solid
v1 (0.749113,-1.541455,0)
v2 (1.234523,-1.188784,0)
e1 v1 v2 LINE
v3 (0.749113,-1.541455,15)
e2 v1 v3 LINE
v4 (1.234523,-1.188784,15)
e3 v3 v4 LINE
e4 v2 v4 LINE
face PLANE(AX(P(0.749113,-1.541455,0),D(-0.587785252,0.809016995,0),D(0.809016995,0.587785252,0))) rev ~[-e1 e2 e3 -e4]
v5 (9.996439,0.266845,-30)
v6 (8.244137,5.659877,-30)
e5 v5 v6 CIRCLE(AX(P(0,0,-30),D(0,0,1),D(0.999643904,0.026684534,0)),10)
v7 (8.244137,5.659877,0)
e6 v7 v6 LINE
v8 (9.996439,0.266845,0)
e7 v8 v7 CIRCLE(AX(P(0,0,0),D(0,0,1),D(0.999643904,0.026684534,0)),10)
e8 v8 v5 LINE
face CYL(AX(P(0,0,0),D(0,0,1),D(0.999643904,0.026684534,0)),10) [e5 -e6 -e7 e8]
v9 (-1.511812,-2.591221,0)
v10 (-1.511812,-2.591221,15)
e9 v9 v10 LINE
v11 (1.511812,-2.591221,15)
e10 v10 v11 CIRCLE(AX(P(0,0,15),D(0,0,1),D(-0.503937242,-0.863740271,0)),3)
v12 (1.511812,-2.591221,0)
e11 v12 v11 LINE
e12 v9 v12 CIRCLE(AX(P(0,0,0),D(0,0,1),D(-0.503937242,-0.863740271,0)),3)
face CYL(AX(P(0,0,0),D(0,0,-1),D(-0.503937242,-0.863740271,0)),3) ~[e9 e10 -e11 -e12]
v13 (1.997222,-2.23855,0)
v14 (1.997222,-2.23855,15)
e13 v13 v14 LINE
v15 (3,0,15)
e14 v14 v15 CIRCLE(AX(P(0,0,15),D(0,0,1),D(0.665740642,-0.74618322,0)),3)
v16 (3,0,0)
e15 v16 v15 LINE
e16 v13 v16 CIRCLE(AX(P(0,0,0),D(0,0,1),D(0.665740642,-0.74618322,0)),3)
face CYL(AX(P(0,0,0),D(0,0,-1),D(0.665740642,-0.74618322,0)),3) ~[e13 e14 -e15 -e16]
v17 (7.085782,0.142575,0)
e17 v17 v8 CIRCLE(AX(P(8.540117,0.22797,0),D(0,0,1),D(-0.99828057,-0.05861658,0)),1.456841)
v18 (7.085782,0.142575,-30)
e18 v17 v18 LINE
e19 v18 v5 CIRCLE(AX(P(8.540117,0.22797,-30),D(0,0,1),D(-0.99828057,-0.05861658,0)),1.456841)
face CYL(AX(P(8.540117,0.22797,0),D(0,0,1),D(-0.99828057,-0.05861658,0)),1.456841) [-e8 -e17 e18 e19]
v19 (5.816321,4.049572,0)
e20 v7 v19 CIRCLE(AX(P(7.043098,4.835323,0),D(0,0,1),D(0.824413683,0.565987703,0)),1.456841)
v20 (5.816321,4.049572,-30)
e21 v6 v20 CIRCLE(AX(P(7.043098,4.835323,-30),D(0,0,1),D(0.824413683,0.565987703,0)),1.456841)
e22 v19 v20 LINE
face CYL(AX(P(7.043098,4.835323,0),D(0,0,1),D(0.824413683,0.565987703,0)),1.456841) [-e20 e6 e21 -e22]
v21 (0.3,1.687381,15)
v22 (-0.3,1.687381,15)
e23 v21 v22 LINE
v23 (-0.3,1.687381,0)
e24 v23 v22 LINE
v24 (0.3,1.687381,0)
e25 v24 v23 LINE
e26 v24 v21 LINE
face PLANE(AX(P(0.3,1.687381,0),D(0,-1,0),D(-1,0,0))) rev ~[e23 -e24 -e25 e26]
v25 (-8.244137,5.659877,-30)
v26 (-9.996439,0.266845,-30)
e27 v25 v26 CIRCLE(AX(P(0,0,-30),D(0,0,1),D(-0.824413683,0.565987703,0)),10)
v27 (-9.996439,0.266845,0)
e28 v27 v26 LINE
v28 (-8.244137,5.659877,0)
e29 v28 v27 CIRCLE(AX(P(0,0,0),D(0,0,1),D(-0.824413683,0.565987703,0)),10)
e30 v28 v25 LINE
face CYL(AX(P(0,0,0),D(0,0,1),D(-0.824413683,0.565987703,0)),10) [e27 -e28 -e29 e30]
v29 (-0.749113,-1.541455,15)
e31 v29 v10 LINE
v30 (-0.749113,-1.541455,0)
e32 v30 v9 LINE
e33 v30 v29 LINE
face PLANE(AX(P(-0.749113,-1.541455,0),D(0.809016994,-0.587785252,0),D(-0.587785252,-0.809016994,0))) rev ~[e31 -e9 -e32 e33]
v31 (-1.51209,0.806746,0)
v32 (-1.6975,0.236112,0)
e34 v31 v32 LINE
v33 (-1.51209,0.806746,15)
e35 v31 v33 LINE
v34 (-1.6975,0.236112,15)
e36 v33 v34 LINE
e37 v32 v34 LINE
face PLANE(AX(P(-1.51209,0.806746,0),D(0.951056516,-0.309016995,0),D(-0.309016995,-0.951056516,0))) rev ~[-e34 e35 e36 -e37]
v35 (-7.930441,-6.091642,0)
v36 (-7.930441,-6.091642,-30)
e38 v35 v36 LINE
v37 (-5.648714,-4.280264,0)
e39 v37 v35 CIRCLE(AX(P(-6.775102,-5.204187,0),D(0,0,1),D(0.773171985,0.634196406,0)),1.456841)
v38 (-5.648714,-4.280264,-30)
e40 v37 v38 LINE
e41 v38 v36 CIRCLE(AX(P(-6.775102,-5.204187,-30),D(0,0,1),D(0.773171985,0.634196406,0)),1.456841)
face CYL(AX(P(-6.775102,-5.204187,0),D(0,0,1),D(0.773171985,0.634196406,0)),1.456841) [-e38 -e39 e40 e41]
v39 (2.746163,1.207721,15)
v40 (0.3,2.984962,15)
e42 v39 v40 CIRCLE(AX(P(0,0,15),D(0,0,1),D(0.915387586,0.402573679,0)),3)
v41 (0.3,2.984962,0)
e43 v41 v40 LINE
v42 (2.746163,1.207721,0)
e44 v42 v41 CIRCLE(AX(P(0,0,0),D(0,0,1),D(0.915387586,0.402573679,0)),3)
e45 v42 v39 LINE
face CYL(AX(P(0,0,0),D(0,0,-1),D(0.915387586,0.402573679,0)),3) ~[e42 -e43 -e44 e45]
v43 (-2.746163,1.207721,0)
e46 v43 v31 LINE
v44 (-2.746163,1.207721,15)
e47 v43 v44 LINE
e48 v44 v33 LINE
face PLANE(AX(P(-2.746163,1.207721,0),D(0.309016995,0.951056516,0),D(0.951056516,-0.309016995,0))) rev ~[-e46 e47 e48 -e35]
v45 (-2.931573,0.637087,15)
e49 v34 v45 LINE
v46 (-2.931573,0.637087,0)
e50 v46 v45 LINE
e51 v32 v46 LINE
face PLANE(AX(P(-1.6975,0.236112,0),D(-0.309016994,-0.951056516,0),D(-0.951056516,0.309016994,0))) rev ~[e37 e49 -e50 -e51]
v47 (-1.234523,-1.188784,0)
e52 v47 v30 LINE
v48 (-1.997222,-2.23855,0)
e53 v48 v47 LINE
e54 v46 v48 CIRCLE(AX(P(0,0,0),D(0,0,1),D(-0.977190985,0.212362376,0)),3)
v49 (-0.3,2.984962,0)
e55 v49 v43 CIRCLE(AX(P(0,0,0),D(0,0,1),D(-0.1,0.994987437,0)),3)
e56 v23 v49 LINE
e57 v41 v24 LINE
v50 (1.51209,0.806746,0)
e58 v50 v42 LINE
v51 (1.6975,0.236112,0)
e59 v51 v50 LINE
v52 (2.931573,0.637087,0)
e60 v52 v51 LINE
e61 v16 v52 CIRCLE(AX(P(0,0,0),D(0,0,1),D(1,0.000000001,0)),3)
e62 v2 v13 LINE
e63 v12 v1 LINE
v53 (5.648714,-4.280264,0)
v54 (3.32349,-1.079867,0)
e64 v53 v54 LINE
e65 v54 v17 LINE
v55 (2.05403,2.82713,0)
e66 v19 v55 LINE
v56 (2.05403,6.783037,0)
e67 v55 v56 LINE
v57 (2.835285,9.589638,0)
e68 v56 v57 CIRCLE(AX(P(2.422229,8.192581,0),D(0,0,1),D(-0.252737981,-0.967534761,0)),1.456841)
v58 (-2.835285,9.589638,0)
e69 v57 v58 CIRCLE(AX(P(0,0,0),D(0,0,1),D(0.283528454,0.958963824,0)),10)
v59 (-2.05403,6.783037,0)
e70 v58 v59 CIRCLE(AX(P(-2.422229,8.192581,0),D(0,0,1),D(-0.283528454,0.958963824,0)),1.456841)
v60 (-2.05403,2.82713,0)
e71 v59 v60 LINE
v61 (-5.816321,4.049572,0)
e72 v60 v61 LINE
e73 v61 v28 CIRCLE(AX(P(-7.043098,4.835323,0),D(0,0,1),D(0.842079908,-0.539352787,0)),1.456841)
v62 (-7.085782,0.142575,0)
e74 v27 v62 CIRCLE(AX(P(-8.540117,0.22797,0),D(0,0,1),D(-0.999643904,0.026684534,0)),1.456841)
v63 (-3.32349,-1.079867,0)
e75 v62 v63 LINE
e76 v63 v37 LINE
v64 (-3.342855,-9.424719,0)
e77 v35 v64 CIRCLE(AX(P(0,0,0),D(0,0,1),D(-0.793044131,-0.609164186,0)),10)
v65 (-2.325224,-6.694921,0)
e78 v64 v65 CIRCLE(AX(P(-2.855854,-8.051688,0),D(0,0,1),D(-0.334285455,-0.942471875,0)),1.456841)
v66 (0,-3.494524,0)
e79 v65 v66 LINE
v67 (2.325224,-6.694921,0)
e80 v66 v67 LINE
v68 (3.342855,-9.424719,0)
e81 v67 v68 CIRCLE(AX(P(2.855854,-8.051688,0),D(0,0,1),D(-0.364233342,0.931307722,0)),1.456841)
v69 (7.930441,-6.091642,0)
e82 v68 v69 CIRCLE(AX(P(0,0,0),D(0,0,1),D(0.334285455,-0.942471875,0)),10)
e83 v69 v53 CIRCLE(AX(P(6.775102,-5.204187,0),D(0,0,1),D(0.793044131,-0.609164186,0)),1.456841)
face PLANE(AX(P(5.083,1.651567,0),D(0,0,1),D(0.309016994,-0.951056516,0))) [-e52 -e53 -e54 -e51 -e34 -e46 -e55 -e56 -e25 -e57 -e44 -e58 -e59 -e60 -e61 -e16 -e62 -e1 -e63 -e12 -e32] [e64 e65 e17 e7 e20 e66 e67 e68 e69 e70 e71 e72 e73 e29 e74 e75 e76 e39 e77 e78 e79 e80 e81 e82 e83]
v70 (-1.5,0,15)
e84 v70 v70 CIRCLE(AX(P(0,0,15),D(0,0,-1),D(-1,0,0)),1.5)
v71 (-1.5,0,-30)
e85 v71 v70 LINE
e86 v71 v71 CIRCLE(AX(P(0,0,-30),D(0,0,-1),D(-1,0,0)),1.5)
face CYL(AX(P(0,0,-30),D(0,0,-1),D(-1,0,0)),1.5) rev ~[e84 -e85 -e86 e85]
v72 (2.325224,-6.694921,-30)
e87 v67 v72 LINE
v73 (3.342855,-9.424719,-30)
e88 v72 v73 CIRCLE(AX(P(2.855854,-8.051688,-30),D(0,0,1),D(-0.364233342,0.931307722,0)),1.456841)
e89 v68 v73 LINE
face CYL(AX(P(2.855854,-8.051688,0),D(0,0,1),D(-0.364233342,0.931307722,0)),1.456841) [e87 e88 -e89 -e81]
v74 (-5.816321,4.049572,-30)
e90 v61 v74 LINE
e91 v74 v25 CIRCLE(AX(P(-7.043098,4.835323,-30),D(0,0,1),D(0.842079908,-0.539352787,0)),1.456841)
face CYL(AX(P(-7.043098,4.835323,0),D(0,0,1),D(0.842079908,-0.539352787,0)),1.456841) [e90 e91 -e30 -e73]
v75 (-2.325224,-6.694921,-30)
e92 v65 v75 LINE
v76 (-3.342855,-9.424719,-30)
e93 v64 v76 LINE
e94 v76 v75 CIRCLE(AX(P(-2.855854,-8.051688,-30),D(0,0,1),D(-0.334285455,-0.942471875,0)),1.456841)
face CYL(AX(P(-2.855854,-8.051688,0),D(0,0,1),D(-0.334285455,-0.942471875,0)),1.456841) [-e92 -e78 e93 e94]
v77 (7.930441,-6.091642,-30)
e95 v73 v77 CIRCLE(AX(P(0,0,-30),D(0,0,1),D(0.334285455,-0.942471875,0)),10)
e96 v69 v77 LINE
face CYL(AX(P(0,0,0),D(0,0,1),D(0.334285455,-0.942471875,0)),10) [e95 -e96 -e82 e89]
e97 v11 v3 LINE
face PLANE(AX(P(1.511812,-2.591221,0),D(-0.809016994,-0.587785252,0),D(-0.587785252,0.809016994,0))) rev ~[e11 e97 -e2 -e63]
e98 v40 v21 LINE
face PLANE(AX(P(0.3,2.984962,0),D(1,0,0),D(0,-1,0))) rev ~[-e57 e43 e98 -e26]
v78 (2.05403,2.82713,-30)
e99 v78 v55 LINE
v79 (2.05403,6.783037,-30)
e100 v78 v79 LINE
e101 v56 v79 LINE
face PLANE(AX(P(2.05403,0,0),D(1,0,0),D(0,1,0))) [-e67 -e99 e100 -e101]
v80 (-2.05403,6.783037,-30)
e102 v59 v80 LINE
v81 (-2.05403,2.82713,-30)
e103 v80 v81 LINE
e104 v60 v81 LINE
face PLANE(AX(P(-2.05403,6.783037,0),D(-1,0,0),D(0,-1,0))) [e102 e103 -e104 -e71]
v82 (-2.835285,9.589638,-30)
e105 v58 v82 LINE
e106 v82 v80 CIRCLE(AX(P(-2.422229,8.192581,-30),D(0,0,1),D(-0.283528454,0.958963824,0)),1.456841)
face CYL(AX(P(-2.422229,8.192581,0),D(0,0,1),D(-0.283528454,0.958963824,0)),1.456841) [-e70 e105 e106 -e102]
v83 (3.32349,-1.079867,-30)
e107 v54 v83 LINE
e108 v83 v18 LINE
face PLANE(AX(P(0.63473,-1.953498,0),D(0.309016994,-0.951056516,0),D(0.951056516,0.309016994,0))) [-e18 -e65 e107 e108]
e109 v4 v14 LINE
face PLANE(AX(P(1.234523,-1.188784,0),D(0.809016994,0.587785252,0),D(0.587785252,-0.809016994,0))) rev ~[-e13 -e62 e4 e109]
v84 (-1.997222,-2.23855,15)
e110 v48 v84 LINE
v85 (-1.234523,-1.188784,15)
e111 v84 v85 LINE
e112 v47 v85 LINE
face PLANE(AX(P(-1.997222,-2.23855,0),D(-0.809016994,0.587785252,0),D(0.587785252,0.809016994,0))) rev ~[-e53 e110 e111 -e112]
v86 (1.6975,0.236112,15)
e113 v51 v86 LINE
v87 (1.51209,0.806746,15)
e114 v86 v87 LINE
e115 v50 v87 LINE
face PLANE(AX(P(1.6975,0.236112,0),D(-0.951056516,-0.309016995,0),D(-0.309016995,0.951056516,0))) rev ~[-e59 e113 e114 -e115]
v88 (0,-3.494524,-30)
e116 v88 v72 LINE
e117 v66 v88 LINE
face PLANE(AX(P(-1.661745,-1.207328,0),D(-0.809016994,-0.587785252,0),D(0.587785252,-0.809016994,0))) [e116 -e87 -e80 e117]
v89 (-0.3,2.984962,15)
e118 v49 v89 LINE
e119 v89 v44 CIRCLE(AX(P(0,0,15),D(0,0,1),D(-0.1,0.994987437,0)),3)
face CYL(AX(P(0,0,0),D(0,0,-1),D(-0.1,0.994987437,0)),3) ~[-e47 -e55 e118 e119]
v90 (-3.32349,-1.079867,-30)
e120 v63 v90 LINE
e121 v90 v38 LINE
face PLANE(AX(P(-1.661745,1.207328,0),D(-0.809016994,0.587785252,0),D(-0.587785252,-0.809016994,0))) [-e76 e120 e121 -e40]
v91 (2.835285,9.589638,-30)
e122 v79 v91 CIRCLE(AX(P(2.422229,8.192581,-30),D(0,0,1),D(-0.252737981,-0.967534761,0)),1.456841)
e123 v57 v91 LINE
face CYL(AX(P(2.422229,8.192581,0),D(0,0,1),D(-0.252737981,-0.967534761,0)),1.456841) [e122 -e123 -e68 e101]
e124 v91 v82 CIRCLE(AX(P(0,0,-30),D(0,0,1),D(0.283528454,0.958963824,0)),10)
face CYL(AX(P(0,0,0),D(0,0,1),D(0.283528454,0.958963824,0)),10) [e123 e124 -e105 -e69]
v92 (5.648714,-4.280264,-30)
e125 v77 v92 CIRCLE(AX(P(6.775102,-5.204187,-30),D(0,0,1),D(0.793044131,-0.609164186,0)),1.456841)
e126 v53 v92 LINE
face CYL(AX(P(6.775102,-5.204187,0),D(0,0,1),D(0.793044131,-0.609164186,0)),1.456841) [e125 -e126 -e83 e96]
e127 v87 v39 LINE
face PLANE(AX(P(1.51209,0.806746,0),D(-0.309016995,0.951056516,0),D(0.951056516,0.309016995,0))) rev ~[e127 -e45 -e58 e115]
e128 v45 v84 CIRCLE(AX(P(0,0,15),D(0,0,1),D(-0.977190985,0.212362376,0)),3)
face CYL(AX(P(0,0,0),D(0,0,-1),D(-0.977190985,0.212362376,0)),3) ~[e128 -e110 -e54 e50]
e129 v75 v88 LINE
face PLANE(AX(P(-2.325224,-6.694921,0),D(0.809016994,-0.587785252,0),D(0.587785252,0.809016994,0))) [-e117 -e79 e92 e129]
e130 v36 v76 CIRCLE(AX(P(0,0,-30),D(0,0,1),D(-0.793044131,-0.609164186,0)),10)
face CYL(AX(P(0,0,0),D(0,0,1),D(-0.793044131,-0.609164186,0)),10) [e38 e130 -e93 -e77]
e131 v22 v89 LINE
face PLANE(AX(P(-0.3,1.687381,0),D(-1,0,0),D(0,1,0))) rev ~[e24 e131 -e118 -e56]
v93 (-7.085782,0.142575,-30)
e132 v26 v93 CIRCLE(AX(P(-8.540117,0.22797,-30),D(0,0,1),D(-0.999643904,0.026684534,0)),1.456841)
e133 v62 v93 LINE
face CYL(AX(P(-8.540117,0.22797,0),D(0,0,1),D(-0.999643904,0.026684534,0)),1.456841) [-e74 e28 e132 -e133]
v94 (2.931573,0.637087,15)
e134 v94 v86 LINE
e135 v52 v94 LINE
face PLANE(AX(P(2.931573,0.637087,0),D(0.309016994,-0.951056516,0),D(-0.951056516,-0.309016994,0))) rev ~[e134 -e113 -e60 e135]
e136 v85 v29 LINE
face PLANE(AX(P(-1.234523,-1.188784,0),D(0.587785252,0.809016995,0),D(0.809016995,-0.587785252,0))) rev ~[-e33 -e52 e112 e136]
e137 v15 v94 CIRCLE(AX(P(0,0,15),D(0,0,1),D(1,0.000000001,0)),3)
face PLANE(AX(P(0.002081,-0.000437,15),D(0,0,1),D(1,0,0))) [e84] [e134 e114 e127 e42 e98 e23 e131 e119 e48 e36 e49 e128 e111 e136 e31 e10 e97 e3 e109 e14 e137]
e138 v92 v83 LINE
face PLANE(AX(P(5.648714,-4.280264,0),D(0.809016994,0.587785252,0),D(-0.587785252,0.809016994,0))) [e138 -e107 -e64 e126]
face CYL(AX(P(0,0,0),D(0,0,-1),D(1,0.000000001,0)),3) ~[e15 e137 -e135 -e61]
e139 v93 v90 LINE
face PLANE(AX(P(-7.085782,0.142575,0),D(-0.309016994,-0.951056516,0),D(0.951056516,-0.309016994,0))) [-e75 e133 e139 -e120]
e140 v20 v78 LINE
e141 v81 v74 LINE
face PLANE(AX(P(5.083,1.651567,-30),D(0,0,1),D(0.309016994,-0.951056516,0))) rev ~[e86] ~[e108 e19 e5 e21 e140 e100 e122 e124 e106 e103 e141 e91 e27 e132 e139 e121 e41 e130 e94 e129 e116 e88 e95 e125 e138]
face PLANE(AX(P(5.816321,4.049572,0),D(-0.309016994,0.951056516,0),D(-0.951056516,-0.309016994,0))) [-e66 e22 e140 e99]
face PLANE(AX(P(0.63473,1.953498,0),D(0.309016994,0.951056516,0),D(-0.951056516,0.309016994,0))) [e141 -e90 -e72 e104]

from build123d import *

# Parameters (mm, degrees)
BOSS_EXTRUDE3_DEPTH = 30
CIRPATTERN1_COUNT   = 5
BOSS_EXTRUDE4_DEPTH = 15
SKETCH6_R           = 1.5
CUT_EXTRUDE1_DEPTH  = 80


with BuildPart() as part:
    # Sketch2 → Boss-Extrude3 (new body)
    with BuildSketch(Plane.XY):
        with BuildLine():
            Line((-2.054029869, 6.78303703), (-2.054029869, 0))
            Line((-2.054029869, 0), (2.054029869, 0))
            Line((2.054029869, 0), (2.054029869, 6.78303703))
            ThreePointArc((2.054029869, 6.78303703), (3.825708627, 7.801903653), (2.835284544, 9.589638239))
            ThreePointArc((2.835284544, 9.589638239), (0, 10), (-2.835284544, 9.589638239))
            ThreePointArc((-2.835284544, 9.589638239), (-3.825708627, 7.801903653), (-2.054029869, 6.78303703))
        make_face()
    extrude(amount=-BOSS_EXTRUDE3_DEPTH)

    # CirPattern1: part ×5 about axis
    cirpattern1_axis = Axis((0, 0, 0), (0, 0, 1))


with BuildPart() as part_1:
    add(part.part)
    for i in range(1, CIRPATTERN1_COUNT):
        add(part.part.rotate(cirpattern1_axis, i * 360 / CIRPATTERN1_COUNT))

    # Sketch7 → Boss-Extrude4 (add)
    with BuildSketch(Plane.XY):
        with BuildLine():
            Line((0.3, 2.984962311), (0.3, 1.687380928))
            Line((0.3, 1.687380928), (-0.3, 1.687380928))
            Line((-0.3, 1.687380928), (-0.3, 2.984962311))
            ThreePointArc((-0.3, 2.984962311), (-1.763355757, 2.427050983), (-2.746162759, 1.207721037))
            Line((-2.746162759, 1.207721037), (-1.512089528, 0.806746337))
            Line((-1.512089528, 0.806746337), (-1.697499725, 0.236112428))
            Line((-1.697499725, 0.236112428), (-2.931572955, 0.637087127))
            ThreePointArc((-2.931572955, 0.637087127), (-2.853169549, -0.927050983), (-1.997221924, -2.238549662))
            Line((-1.997221924, -2.238549662), (-1.234522723, -1.188784271))
            Line((-1.234522723, -1.188784271), (-0.749112526, -1.541455422))
            Line((-0.749112526, -1.541455422), (-1.511811727, -2.591220813))
            ThreePointArc((-1.511811727, -2.591220813), (0, -3), (1.511811727, -2.591220813))
            Line((1.511811727, -2.591220813), (0.749112526, -1.541455422))
            Line((0.749112526, -1.541455422), (1.234522723, -1.188784271))
            Line((1.234522723, -1.188784271), (1.997221924, -2.238549662))
            ThreePointArc((1.997221924, -2.238549662), (2.737851874, -1.226444909), (3, 0))
            ThreePointArc((3, 0), (2.982844185, 0.320375665), (2.931572955, 0.637087127))
            Line((2.931572955, 0.637087127), (1.697499725, 0.236112428))
            Line((1.697499725, 0.236112428), (1.512089528, 0.806746337))
            Line((1.512089528, 0.806746337), (2.746162759, 1.207721037))
            ThreePointArc((2.746162759, 1.207721037), (1.763355757, 2.427050983), (0.3, 2.984962311))
        make_face()
    extrude(amount=BOSS_EXTRUDE4_DEPTH)

    # Sketch6 → Cut-Extrude1 (cut)
    with BuildSketch(Plane(origin=(0, 0, -30), x_dir=(-1, 0, 0), z_dir=(0, 0, -1))):
        Circle(SKETCH6_R)
    extrude(amount=-CUT_EXTRUDE1_DEPTH, mode=Mode.SUBTRACT)


solid = part_1.part
